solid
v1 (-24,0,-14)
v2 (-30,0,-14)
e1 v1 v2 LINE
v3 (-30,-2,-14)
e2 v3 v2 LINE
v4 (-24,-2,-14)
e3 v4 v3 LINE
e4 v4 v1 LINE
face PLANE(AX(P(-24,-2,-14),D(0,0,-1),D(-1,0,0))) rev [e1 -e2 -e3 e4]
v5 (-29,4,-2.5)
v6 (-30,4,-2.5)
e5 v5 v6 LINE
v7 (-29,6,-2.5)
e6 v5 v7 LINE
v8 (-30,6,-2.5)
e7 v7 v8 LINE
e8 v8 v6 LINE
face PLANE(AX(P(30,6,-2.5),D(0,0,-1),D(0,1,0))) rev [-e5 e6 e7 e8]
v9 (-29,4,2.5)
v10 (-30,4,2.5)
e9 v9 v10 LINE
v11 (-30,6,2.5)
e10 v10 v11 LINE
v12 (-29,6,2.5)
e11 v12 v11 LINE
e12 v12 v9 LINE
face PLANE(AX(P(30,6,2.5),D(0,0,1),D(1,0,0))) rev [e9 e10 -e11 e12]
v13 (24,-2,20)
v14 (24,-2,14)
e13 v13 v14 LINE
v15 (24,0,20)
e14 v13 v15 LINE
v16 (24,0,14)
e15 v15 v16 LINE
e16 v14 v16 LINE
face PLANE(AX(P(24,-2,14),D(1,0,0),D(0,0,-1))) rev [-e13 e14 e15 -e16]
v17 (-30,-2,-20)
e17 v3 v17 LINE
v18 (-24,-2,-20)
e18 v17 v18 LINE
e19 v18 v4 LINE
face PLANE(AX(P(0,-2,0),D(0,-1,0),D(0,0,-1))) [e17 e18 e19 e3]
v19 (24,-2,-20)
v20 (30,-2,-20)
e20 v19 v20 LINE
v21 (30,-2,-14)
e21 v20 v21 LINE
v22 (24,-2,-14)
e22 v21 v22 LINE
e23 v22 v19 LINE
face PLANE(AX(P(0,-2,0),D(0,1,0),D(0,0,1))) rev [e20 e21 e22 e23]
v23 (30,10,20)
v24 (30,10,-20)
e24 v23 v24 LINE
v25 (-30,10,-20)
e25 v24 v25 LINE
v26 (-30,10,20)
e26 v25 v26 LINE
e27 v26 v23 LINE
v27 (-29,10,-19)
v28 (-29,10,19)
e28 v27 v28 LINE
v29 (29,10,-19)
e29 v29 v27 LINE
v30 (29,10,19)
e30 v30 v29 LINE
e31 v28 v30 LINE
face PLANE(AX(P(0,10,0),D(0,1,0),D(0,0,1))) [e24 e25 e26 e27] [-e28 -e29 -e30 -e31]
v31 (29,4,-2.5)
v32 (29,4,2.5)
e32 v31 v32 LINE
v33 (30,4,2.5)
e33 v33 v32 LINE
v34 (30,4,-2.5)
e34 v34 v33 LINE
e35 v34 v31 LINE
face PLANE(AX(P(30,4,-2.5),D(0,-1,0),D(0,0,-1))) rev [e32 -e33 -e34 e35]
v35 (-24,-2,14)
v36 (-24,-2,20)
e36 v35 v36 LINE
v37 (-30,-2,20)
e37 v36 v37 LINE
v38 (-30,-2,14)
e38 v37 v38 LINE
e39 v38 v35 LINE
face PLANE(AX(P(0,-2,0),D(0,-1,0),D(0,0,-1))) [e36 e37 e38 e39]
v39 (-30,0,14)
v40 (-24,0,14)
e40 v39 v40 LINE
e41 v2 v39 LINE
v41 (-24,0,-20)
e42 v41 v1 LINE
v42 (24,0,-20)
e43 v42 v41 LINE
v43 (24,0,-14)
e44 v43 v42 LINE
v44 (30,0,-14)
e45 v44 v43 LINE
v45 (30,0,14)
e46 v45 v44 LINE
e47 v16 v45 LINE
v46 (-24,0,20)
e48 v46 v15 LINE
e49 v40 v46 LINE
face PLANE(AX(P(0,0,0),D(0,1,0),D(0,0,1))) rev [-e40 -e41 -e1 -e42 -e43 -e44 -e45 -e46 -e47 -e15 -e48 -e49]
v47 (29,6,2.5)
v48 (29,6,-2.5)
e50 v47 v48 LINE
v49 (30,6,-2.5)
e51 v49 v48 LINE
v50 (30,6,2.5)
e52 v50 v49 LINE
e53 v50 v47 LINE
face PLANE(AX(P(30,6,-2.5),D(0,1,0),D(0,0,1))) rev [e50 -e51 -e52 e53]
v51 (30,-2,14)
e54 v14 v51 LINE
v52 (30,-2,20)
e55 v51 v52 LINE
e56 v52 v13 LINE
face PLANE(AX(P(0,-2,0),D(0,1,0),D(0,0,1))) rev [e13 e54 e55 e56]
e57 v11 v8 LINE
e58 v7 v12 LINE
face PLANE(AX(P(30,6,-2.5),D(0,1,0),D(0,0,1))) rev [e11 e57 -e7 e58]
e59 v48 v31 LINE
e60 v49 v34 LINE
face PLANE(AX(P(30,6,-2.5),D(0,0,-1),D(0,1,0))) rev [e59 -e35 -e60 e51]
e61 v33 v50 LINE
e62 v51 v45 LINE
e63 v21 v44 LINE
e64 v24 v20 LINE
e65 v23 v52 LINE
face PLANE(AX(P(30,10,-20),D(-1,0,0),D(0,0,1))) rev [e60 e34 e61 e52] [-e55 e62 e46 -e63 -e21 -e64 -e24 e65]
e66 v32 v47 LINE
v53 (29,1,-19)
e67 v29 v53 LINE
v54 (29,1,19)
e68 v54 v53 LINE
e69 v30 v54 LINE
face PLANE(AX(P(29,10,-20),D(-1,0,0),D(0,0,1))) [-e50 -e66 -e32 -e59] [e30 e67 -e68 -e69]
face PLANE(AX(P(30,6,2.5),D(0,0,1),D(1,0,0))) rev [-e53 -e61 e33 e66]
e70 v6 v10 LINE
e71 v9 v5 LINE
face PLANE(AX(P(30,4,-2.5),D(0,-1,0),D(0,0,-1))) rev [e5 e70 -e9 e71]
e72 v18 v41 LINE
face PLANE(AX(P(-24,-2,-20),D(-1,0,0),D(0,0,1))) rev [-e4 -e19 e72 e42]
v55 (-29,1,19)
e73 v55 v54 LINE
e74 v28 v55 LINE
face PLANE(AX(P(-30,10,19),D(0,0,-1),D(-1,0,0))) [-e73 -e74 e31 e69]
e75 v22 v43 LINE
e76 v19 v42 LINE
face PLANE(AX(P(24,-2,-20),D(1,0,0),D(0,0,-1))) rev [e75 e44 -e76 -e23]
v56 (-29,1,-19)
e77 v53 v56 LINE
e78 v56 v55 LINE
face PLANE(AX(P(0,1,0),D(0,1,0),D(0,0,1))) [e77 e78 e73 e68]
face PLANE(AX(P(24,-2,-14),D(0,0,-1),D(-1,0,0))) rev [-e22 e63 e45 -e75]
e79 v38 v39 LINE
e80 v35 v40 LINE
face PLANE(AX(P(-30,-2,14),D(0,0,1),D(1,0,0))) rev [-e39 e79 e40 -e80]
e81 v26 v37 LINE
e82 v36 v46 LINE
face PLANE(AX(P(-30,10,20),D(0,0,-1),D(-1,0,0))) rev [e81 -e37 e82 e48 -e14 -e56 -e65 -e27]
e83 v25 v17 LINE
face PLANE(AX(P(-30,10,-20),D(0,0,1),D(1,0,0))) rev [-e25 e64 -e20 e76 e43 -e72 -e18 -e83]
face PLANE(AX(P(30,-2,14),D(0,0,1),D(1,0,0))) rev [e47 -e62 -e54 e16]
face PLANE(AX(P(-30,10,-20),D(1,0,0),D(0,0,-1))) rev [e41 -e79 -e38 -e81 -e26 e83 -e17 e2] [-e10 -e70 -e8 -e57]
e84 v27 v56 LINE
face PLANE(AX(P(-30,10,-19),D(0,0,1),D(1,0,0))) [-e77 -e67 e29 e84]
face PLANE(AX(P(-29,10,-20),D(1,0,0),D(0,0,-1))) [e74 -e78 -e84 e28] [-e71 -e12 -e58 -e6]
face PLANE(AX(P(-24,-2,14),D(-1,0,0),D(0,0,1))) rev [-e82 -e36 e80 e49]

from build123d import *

# Parameters (mm, degrees)
CROQUIS1_W              = 60
CROQUIS1_H              = 40
SALIENTE_EXTRUIR1_DEPTH = 10
VACIADO3_T              = -1
CROQUIS3_W              = 5
CROQUIS3_H              = 2
CORTAR_EXTRUIR1_DEPTH   = 65.031242374
CROQUIS4_W              = 6
CROQUIS4_H              = 6
SALIENTE_EXTRUIR2_DEPTH = 2


with BuildPart() as part:
    # Croquis1 → Saliente-Extruir1 (new body)
    with BuildSketch(Plane(origin=(0, 0, 0), x_dir=(1, 0, 0), z_dir=(0, 1, 0))):
        Rectangle(CROQUIS1_W, CROQUIS1_H)
    extrude(amount=SALIENTE_EXTRUIR1_DEPTH)

    # Vaciado3
    vaciado3_openings = [part.faces().sort_by_distance(p)[0] for p in [
        (0, 10, 0),
    ]]
    offset(amount=VACIADO3_T, openings=vaciado3_openings, kind=Kind.INTERSECTION)

    # Croquis3 → Cortar-Extruir1 (cut, through all)
    with BuildSketch(Plane.ZY.offset(30)):
        with Locations((0, 5)):
            Rectangle(CROQUIS3_W, CROQUIS3_H)
    extrude(amount=-CORTAR_EXTRUIR1_DEPTH, mode=Mode.SUBTRACT)

    # Croquis4 → Saliente-Extruir2 (add)
    with BuildSketch(Plane.XZ):
        with Locations((-27, 17)):
            Rectangle(CROQUIS4_W, CROQUIS4_H)
        with Locations((-27, -17)):
            Rectangle(CROQUIS4_W, CROQUIS4_H)
        with Locations((27, -17)):
            Rectangle(CROQUIS4_W, CROQUIS4_H)
        with Locations((27, 17)):
            Rectangle(CROQUIS4_W, CROQUIS4_H)
    extrude(amount=SALIENTE_EXTRUIR2_DEPTH)


solid = part.part
